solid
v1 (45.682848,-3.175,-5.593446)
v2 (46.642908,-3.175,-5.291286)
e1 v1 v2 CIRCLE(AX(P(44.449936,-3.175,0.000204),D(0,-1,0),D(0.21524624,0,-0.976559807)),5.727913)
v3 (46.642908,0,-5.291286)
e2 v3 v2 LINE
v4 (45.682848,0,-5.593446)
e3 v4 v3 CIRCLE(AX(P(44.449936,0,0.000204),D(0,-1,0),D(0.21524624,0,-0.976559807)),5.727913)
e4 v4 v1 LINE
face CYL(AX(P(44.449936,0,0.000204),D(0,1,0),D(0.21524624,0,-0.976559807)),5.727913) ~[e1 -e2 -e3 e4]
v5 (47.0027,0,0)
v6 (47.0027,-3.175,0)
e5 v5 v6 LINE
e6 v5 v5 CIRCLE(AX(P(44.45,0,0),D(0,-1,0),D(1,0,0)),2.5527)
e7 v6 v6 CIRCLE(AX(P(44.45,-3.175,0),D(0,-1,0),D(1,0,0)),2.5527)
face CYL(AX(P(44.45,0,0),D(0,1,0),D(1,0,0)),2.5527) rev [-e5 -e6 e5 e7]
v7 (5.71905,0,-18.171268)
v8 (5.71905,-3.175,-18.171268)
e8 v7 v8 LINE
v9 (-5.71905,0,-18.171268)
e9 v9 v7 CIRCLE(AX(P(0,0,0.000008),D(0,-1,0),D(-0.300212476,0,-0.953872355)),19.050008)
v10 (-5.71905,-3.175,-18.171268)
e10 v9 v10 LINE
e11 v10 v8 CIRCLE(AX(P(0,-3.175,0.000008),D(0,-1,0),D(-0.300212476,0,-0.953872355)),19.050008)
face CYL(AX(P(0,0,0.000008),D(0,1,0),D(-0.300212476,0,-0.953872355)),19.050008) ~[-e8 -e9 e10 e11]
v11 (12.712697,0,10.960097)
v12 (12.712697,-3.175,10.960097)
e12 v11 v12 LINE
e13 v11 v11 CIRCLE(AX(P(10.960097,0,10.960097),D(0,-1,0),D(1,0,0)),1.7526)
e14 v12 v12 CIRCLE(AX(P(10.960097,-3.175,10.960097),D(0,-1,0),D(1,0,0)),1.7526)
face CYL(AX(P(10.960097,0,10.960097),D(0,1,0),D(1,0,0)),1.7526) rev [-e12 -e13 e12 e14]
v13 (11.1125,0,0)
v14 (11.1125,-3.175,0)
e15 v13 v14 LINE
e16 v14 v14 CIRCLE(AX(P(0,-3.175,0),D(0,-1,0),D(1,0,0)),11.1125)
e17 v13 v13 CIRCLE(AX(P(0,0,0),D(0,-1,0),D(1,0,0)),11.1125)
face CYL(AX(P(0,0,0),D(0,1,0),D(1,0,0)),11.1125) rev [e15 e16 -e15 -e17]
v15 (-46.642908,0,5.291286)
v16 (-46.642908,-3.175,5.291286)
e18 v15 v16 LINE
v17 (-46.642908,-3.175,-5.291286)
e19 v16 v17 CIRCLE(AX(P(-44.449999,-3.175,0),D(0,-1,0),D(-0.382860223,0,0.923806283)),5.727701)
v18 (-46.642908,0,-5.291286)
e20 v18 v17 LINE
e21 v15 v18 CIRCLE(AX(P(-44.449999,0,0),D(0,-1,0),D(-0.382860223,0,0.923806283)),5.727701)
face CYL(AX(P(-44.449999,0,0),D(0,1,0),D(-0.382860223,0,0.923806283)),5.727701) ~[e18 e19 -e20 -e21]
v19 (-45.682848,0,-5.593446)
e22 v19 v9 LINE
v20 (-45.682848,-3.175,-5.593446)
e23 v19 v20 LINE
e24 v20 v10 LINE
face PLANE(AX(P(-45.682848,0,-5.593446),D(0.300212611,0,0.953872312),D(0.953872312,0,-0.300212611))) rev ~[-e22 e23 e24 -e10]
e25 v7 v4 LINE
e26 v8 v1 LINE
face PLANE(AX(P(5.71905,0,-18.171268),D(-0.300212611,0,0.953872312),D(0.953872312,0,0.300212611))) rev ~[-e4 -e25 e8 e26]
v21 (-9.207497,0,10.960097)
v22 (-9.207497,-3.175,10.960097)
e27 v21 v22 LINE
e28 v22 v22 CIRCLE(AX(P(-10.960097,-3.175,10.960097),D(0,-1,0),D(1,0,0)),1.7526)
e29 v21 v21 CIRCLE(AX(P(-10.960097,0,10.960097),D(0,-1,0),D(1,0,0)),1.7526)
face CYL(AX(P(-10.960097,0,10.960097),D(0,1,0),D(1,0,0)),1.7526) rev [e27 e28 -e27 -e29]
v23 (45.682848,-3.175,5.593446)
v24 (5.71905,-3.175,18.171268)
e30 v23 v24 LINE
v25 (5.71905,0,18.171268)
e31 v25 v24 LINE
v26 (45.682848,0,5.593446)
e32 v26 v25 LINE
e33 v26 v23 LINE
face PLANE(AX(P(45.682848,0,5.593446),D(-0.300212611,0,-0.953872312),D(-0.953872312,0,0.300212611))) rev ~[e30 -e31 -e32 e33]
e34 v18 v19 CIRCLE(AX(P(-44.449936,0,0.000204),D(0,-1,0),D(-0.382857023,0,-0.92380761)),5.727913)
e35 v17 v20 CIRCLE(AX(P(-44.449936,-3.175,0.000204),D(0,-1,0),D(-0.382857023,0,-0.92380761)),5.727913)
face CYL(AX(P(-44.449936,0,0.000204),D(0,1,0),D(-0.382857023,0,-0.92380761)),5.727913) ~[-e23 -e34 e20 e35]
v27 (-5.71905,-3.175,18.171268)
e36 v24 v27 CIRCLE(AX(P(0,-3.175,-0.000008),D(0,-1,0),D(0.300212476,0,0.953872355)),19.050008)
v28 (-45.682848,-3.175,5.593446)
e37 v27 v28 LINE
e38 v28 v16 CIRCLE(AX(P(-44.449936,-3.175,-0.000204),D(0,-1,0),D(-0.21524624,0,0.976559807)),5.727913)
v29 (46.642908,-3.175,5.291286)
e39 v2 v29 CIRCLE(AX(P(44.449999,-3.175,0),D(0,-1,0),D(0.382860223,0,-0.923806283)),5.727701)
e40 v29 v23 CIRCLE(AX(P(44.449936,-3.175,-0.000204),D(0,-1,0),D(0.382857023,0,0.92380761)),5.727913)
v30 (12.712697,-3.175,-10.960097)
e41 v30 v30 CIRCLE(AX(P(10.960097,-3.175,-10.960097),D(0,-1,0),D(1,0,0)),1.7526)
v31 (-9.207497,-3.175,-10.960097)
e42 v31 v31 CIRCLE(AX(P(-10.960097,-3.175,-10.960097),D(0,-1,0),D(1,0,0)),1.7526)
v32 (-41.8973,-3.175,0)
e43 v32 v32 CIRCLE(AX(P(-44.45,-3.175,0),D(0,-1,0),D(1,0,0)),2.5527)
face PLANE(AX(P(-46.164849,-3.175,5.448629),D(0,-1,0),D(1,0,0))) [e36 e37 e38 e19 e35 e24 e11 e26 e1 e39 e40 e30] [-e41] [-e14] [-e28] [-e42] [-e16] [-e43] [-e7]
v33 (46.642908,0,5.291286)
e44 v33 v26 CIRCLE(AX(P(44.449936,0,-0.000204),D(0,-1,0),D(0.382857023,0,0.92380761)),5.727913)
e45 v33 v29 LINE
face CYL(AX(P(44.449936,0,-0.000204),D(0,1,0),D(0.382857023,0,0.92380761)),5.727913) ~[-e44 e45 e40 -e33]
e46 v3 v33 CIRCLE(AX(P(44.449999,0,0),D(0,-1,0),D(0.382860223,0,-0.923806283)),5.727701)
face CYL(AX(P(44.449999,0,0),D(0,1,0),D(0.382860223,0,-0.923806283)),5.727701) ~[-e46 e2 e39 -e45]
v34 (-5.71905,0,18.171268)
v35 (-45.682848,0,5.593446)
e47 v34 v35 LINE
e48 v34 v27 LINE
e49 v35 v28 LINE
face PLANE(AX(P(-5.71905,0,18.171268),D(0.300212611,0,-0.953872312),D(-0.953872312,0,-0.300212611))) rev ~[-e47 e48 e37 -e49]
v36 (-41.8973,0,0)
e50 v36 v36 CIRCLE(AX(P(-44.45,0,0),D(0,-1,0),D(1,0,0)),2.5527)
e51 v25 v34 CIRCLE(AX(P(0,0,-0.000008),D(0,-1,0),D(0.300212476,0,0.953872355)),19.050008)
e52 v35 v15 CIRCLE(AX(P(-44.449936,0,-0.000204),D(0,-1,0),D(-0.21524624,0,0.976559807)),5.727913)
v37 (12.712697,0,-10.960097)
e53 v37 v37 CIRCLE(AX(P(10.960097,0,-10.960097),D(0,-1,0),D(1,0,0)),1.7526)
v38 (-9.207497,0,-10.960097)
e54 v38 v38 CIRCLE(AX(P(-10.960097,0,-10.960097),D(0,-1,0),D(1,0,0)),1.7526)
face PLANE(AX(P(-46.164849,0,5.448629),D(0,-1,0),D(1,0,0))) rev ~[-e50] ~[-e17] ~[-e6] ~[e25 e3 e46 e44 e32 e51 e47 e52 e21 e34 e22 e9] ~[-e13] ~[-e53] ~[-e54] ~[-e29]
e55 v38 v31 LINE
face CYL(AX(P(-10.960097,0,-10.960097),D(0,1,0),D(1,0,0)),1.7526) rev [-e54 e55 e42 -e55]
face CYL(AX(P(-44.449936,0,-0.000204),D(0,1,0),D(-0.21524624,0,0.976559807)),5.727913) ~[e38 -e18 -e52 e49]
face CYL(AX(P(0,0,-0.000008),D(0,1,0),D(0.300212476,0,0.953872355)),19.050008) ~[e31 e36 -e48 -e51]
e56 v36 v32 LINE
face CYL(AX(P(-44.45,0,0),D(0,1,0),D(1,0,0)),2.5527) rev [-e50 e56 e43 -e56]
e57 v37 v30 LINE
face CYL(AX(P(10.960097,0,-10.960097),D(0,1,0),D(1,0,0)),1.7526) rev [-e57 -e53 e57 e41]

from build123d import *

# Parameters (mm, degrees)
F0_R     = 1.7526
F0_R_2   = 2.5527
F0_R_3   = 11.1125
F1_DEPTH = 3.175


with BuildPart() as f1:
    # F0 (on Front) → F1 (new body)
    with BuildSketch(Plane.XZ):
        with BuildLine():
            Line((-46.642908, 5.291286), (-45.682848, 5.593446))
            ThreePointArc((-45.682848, 5.593446), (-46.169528, 5.463494), (-46.642908, 5.291286))
        make_face()
        with BuildLine():
            Line((-5.71905, 18.171268), (-45.682848, 5.593446))
            Line((-45.682848, 5.593446), (-46.642908, 5.291286))
            ThreePointArc((-46.642908, 5.291286), (-50.1777, 0), (-46.642908, -5.291286))
            Line((-46.642908, -5.291286), (-45.682848, -5.593446))
            Line((-45.682848, -5.593446), (-5.71905, -18.171268))
            ThreePointArc((-5.71905, -18.171268), (0, -19.05), (5.71905, -18.171268))
            Line((5.71905, -18.171268), (45.682848, -5.593446))
            Line((45.682848, -5.593446), (46.642908, -5.291286))
            ThreePointArc((46.642908, -5.291286), (50.1777, 0), (46.642908, 5.291286))
            Line((46.642908, 5.291286), (45.682848, 5.593446))
            Line((45.682848, 5.593446), (5.71905, 18.171268))
            ThreePointArc((5.71905, 18.171268), (0, 19.05), (-5.71905, 18.171268))
        make_face()
        with Locations((-10.960097, -10.960097)):
            Circle(F0_R, mode=Mode.SUBTRACT)
        with Locations((-44.45, 0)):
            Circle(F0_R_2, mode=Mode.SUBTRACT)
        with Locations((10.960097, -10.960097)):
            Circle(F0_R, mode=Mode.SUBTRACT)
        Circle(F0_R_3, mode=Mode.SUBTRACT)
        with Locations((44.45, 0)):
            Circle(F0_R_2, mode=Mode.SUBTRACT)
        with Locations((-10.960097, 10.960097)):
            Circle(F0_R, mode=Mode.SUBTRACT)
        with Locations((10.960097, 10.960097)):
            Circle(F0_R, mode=Mode.SUBTRACT)
        with BuildLine():
            Line((-45.682848, -5.593446), (-46.642908, -5.291286))
            ThreePointArc((-46.642908, -5.291286), (-46.169528, -5.463494), (-45.682848, -5.593446))
        make_face()
        with BuildLine():
            ThreePointArc((46.642908, 5.291286), (46.169528, 5.463494), (45.682848, 5.593446))
            Line((45.682848, 5.593446), (46.642908, 5.291286))
        make_face()
        with BuildLine():
            ThreePointArc((45.682848, -5.593446), (46.169528, -5.463494), (46.642908, -5.291286))
            Line((46.642908, -5.291286), (45.682848, -5.593446))
        make_face()
    extrude(amount=F1_DEPTH)


solid = f1.part
